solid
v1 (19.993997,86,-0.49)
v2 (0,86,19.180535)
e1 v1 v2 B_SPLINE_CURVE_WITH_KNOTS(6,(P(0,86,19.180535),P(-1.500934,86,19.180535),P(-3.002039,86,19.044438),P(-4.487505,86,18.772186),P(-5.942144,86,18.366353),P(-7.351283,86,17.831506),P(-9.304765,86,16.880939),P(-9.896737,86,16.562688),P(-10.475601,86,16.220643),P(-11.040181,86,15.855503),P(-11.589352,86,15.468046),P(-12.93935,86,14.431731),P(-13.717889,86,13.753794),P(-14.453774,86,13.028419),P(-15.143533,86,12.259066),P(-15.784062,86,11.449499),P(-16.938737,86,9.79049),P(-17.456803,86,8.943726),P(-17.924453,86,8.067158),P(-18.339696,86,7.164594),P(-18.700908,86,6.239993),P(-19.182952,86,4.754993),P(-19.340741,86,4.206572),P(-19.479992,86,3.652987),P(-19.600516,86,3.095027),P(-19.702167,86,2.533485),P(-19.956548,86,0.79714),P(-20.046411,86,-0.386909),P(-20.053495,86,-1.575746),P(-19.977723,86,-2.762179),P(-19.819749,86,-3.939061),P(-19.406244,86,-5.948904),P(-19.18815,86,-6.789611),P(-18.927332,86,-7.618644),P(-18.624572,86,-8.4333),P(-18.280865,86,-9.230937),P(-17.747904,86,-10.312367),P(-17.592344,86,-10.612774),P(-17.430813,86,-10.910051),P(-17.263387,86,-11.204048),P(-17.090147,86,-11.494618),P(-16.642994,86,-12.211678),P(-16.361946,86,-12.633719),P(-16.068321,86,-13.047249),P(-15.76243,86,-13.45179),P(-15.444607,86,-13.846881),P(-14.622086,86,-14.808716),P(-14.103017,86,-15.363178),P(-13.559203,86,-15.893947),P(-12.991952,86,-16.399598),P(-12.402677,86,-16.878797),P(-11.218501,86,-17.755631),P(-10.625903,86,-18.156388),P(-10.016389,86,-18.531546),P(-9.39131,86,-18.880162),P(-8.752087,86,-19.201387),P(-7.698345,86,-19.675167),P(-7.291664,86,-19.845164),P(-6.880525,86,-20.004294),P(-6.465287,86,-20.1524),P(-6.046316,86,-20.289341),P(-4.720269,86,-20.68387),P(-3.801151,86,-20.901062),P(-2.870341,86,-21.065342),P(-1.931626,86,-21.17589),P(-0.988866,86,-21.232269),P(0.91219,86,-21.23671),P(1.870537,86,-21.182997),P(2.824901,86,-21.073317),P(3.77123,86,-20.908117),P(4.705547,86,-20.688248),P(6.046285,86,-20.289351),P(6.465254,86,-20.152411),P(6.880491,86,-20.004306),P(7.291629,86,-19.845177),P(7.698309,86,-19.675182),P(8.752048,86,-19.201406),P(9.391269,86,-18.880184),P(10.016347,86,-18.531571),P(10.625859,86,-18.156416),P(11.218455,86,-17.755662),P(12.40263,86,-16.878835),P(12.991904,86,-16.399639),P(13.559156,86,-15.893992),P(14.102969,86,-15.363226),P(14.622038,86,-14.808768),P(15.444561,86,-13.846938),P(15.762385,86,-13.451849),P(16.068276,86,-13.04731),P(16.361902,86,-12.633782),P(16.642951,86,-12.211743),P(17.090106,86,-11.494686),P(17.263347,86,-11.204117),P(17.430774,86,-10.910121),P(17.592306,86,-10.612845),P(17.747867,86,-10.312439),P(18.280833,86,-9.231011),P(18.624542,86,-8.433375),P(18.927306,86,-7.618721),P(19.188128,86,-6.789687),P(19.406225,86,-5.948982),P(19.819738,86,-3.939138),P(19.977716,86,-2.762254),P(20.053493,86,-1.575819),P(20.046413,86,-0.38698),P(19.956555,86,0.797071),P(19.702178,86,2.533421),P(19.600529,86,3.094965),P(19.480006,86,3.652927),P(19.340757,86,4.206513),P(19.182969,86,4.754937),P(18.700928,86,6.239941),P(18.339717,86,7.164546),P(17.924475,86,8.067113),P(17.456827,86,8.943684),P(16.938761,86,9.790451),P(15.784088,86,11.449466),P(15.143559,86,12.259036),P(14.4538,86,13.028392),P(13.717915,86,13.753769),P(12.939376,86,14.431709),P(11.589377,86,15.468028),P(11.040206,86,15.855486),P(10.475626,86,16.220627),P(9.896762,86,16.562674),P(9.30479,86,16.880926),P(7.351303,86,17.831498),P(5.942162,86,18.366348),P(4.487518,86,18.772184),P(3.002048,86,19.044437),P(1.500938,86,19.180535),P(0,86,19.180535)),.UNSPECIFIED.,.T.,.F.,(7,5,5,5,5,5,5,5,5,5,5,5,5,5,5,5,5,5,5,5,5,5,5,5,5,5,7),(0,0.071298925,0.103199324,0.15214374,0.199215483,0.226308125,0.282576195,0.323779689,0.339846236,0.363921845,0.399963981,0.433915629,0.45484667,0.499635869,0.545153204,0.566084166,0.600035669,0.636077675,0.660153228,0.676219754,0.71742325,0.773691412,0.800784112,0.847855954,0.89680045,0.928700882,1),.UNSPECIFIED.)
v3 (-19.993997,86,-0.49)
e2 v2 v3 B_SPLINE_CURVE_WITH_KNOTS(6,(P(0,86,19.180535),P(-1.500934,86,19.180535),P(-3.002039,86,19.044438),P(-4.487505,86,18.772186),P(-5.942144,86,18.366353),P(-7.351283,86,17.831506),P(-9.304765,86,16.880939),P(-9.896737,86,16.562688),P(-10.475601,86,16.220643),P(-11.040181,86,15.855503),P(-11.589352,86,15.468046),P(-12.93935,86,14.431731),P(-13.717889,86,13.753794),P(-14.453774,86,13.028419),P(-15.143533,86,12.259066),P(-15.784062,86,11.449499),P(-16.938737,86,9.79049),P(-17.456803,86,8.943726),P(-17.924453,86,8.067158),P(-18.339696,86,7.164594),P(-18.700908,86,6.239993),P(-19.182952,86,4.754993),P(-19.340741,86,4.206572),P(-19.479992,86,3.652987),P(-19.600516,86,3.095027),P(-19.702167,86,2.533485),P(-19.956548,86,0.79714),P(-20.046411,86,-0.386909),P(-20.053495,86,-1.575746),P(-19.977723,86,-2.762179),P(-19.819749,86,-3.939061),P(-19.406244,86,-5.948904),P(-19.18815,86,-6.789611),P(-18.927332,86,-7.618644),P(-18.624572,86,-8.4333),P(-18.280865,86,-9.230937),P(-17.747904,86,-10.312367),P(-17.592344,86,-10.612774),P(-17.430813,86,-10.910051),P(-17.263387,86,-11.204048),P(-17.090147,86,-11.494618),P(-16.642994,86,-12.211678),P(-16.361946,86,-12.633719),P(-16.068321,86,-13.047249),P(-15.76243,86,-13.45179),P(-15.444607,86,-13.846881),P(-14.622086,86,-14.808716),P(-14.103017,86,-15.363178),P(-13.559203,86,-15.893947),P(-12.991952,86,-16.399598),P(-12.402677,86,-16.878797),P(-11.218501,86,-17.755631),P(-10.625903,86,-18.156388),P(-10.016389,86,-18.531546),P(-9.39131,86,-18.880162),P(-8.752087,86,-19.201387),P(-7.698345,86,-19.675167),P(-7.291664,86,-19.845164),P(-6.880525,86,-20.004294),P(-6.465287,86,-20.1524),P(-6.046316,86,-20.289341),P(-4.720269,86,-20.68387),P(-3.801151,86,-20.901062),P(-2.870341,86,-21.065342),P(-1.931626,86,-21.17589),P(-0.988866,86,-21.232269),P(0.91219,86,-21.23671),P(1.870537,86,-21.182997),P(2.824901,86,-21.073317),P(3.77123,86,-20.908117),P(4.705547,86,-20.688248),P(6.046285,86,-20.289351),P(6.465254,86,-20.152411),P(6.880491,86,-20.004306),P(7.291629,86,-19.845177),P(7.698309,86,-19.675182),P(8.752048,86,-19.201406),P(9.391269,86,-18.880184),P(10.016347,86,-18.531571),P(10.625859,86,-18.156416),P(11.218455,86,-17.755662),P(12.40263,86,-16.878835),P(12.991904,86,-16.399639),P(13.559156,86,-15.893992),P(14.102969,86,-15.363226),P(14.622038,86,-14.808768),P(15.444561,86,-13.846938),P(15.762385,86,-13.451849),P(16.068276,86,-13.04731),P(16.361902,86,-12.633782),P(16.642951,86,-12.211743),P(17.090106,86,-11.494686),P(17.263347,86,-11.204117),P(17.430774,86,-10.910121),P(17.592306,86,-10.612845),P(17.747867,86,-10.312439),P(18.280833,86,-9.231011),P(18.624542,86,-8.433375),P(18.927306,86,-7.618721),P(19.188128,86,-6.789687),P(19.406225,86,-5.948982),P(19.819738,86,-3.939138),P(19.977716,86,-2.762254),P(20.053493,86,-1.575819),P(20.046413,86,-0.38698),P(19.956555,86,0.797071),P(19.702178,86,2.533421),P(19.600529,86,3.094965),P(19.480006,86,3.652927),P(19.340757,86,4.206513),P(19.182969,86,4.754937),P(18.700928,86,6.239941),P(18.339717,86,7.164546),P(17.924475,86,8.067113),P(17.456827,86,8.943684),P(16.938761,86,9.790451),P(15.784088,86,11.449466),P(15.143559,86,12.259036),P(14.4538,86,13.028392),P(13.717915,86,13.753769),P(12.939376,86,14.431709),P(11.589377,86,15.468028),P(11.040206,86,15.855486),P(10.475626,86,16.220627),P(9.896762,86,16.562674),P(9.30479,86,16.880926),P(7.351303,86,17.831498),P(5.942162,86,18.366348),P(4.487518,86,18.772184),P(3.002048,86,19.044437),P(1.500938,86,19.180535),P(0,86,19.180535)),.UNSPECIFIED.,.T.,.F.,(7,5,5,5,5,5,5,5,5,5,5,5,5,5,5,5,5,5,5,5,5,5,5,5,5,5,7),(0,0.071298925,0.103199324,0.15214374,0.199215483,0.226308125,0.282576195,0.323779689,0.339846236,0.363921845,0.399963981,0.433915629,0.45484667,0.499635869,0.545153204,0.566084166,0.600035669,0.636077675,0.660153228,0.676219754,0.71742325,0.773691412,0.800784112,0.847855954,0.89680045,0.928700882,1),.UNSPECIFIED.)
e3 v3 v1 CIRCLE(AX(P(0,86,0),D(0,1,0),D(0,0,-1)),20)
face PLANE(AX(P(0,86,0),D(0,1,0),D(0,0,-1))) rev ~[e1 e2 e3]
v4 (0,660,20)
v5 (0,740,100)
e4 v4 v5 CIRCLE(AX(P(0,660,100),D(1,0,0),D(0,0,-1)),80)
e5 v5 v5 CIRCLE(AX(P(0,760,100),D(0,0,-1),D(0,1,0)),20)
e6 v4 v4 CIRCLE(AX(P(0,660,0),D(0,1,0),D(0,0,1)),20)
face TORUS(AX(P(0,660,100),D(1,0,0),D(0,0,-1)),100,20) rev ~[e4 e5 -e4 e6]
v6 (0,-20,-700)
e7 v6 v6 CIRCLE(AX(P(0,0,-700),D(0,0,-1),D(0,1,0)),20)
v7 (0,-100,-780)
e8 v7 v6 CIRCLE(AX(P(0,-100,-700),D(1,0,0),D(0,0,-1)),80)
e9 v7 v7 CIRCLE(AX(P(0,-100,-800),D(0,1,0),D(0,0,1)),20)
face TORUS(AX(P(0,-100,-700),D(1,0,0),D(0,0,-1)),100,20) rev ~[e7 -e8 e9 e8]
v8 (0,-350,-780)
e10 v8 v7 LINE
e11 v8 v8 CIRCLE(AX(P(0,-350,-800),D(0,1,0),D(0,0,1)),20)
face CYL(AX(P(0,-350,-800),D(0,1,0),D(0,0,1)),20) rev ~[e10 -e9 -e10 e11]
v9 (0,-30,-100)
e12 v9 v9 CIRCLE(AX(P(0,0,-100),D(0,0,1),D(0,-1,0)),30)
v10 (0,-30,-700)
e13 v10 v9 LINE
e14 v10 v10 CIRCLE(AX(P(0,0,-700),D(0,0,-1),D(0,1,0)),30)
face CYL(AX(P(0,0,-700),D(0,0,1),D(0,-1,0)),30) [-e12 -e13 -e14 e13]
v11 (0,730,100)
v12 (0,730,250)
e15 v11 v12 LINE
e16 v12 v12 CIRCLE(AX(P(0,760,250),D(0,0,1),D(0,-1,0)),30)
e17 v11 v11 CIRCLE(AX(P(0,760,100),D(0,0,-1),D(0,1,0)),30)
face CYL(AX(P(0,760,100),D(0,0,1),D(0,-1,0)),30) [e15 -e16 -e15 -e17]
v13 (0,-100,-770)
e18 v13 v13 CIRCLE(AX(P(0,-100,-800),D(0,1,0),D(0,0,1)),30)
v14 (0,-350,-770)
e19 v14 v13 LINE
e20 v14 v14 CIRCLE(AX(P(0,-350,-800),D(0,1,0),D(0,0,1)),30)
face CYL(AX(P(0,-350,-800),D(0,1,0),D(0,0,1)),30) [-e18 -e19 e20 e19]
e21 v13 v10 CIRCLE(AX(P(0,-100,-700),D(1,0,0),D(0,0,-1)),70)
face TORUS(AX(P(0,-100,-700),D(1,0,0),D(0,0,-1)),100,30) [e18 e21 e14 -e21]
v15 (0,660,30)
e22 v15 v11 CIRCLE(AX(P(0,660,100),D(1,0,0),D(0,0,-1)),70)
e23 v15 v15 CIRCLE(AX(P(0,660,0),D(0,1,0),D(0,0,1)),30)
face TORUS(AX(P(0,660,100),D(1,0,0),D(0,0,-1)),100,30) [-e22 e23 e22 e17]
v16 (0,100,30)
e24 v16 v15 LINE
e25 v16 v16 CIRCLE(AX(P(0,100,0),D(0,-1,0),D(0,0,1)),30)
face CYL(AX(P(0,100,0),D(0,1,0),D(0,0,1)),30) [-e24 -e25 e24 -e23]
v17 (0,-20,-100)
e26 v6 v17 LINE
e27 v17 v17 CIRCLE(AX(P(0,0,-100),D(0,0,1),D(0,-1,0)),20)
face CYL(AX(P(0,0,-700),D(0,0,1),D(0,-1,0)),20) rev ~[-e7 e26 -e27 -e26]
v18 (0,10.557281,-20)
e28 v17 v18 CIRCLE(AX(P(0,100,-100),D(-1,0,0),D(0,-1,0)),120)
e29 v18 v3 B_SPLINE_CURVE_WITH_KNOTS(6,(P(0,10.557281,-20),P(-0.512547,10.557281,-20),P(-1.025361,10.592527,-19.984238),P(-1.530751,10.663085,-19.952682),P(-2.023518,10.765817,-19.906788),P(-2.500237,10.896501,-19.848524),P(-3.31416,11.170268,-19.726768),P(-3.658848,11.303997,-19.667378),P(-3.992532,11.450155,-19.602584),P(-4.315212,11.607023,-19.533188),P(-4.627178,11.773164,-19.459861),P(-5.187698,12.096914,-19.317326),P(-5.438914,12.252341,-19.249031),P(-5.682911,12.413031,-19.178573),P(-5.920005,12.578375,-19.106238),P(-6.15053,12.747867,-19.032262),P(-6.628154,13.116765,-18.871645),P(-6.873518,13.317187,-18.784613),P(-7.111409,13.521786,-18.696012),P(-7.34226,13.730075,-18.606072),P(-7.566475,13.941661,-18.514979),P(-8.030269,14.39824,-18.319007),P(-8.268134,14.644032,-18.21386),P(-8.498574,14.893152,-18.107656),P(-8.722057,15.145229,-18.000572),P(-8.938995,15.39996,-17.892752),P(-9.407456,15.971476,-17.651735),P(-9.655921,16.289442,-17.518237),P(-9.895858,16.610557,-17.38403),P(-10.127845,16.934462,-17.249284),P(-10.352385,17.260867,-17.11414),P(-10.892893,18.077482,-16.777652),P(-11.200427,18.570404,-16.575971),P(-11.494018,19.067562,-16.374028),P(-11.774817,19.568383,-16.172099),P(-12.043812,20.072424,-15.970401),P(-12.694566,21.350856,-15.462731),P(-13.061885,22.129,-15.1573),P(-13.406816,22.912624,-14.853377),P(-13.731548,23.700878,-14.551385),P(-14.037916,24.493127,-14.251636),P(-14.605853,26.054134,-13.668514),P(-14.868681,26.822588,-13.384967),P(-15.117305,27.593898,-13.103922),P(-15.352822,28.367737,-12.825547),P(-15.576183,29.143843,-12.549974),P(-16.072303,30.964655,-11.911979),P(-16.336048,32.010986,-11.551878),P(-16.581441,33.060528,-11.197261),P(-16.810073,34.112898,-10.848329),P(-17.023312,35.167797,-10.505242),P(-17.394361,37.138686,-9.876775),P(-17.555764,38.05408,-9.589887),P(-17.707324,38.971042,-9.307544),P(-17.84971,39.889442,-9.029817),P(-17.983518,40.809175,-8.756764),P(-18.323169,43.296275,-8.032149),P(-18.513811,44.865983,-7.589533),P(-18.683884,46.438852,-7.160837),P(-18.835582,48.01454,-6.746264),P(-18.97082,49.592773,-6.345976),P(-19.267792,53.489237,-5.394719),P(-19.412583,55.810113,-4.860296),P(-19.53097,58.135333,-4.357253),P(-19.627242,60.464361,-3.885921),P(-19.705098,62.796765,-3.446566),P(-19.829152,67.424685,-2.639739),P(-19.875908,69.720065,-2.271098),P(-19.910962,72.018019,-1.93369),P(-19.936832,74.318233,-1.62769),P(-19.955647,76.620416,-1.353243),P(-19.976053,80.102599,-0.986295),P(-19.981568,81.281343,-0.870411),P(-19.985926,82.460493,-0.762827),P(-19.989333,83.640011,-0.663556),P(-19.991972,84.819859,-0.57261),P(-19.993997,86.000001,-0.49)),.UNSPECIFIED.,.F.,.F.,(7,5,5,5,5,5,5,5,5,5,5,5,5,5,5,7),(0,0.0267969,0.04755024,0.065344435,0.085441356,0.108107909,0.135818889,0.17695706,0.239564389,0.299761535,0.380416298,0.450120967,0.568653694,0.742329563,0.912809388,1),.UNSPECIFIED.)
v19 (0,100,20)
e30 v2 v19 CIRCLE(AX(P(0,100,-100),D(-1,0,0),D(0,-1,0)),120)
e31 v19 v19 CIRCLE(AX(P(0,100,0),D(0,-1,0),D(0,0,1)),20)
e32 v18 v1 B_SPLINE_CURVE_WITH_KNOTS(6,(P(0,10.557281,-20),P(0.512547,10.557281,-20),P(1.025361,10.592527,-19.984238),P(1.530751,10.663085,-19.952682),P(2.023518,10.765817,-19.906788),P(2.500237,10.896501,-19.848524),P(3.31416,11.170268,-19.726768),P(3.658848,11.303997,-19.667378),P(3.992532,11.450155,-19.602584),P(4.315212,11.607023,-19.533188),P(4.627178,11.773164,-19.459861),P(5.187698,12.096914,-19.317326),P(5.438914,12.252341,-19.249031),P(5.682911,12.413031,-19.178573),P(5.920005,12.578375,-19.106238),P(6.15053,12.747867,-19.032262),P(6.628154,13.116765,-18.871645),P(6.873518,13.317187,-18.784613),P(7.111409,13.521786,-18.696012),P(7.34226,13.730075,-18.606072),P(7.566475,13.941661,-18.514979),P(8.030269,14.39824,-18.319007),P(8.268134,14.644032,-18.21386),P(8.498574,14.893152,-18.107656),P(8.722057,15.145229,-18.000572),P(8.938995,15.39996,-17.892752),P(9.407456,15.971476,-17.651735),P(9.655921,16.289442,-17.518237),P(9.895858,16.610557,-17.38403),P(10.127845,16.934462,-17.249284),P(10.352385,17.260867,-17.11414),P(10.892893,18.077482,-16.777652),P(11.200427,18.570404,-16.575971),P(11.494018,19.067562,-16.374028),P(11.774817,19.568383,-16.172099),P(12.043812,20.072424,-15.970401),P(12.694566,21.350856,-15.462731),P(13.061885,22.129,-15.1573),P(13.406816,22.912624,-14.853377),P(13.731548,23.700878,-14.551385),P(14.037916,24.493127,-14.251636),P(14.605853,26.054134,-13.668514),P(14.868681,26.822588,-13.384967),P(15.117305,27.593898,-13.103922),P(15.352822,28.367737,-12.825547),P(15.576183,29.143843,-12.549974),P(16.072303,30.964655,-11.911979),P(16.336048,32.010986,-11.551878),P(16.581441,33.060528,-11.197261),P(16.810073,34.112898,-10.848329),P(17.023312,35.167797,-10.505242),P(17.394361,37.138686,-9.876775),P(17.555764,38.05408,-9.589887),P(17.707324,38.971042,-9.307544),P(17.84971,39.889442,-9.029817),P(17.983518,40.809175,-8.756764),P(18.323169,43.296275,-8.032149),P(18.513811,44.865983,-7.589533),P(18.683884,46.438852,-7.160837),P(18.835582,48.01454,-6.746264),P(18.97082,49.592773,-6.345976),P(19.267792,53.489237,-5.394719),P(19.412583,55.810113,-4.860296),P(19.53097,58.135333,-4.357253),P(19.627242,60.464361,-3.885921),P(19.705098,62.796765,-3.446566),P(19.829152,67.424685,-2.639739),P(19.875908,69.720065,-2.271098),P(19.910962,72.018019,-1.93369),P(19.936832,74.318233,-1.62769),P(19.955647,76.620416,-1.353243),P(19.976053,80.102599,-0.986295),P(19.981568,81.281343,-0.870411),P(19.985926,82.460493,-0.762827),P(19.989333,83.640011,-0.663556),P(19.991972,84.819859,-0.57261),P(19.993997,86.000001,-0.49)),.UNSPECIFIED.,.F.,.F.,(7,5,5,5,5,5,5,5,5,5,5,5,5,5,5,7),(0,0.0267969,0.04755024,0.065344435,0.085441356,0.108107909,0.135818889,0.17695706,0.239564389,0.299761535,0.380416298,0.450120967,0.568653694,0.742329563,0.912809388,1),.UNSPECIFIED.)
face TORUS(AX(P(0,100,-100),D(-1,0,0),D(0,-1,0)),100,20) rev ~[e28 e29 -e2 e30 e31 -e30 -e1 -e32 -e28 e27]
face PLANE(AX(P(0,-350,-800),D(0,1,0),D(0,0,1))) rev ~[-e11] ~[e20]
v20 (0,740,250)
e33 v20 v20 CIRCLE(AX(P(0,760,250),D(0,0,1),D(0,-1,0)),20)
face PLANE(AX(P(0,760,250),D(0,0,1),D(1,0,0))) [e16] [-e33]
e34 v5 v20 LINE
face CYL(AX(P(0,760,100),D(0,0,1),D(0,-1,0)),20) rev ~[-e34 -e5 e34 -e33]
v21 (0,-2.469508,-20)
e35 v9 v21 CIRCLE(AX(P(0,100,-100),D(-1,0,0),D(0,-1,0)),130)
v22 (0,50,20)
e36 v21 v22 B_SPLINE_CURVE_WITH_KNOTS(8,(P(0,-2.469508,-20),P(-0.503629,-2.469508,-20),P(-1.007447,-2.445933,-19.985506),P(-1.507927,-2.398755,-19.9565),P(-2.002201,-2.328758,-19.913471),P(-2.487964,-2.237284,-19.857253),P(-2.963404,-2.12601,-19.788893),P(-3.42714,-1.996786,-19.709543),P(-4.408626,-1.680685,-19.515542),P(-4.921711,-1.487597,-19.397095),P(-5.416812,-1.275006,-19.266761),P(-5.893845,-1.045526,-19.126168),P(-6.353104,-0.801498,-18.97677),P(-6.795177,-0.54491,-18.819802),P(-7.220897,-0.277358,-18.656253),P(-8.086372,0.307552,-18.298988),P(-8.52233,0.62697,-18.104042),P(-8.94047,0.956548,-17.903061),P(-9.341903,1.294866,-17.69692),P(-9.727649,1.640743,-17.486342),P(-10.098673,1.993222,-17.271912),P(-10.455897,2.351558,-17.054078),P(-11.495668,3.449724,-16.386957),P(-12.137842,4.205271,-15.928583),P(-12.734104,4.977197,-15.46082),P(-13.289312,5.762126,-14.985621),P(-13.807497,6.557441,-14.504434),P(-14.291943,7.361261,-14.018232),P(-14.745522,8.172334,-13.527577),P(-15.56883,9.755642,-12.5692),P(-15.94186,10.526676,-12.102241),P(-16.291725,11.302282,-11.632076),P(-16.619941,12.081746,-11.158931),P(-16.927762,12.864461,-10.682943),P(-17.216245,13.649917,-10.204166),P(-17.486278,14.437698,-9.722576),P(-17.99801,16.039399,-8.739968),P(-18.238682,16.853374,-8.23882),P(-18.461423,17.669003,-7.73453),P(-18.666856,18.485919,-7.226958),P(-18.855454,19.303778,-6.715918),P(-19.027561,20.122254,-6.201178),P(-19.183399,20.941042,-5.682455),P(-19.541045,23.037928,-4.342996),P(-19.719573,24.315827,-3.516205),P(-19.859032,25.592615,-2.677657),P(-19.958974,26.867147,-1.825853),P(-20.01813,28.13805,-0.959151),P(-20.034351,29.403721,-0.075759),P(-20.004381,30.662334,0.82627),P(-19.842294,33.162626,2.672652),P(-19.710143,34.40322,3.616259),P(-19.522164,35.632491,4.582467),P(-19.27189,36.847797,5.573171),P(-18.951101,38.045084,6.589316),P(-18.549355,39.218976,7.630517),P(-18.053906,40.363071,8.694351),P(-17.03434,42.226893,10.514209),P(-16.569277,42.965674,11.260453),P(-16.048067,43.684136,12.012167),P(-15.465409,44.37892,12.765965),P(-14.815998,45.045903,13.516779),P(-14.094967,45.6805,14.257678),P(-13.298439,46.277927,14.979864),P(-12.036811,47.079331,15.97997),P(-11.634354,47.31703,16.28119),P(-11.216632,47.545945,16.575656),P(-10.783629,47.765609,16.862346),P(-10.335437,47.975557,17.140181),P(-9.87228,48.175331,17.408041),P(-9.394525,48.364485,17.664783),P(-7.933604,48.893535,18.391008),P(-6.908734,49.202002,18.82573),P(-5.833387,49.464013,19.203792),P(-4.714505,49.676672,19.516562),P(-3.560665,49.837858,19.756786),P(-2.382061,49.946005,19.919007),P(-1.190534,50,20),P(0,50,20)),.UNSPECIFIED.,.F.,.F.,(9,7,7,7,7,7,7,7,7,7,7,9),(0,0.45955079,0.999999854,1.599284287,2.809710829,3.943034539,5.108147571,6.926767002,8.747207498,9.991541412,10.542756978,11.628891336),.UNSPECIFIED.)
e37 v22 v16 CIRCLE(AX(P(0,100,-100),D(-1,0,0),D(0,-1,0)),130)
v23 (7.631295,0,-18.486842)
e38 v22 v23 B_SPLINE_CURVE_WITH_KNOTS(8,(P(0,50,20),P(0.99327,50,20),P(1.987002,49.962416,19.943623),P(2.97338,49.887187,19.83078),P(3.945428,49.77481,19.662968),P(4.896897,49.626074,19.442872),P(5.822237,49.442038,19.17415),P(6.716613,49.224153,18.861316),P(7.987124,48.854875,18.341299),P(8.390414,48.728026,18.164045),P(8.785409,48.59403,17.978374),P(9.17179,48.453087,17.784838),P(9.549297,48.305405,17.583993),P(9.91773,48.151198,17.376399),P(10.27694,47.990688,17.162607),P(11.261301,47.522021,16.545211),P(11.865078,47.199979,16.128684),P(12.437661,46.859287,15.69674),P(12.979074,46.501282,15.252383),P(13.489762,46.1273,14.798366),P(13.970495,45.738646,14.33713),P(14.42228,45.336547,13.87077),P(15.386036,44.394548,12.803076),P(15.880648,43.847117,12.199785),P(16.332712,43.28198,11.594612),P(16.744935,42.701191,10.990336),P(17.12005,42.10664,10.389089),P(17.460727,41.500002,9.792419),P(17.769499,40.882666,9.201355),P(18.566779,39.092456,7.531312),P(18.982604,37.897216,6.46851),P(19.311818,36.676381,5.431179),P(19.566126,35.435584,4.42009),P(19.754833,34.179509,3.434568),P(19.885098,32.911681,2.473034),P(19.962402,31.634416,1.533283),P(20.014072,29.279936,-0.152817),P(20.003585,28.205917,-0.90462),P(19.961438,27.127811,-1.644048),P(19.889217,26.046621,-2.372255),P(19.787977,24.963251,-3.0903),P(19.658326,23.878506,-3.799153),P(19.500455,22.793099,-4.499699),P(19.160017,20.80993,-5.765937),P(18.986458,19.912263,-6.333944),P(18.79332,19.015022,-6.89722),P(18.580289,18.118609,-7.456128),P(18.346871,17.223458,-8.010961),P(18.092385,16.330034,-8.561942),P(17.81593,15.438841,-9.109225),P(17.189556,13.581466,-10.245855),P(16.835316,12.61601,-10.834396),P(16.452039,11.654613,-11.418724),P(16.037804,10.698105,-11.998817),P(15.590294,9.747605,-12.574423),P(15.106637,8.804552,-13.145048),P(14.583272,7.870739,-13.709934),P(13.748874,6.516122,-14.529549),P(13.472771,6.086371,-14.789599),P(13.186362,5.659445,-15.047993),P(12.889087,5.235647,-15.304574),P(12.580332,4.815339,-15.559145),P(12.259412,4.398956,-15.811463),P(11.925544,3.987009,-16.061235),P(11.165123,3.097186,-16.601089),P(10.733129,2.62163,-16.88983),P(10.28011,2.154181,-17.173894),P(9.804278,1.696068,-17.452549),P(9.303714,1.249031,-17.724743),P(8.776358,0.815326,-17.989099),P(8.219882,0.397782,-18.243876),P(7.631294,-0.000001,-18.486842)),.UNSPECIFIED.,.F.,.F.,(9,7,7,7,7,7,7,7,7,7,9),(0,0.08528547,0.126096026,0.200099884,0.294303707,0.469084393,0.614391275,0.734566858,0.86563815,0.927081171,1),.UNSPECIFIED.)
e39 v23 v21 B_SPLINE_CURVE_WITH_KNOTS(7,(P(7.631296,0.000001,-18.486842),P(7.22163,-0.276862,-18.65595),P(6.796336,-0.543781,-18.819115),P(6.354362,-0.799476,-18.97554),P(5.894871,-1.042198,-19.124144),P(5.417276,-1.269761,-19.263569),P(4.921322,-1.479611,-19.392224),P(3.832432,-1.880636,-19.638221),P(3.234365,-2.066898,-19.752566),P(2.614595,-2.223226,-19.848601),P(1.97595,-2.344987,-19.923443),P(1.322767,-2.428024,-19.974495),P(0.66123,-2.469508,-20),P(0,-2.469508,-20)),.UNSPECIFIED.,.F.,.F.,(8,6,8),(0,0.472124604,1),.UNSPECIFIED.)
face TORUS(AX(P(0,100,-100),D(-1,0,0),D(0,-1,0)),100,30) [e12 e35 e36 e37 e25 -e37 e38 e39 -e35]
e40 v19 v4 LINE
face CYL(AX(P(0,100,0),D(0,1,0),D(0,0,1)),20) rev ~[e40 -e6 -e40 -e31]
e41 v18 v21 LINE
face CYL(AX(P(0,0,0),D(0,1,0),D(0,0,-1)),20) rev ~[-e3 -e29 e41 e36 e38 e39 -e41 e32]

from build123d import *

# Parameters (mm, degrees)
SWEEP_THIN2_PROFILE_R   = 30
SWEEP_THIN2_PROFILE_R_2 = 20
CUT_EXTRUDE1_DEPTH      = 86
CUT_EXTRUDE1_DEPTH_BACK = 10
SKETCH25_R              = 20


with BuildPart() as part:
    # Sweep-Thin2: sweep along a path in Sketch1
    with BuildLine(Plane(origin=(0, 0, 0), x_dir=(0, 0, -1), z_dir=(1, 0, 0))) as sweep_thin2_path:
        Line((800, -350), (800, -100))
        ThreePointArc((800, -100), (770.710678119, -29.289321881), (700, 0))
        Line((700, 0), (100, 0))
        ThreePointArc((100, 0), (29.289321881, 29.289321881), (0, 100))
        Line((0, 100), (0, 660))
        ThreePointArc((0, 660), (-29.289321881, 730.710678119), (-100, 760))
        Line((-100, 760), (-250, 760))
    # Sweep-Thin2 profile (on start of the path) → Sweep-Thin2 (sweep)
    with BuildSketch(Plane(origin=(0, -350, -800), x_dir=(0, 0, 1), z_dir=(0, 1, 0))):
        Circle(SWEEP_THIN2_PROFILE_R)
        Circle(SWEEP_THIN2_PROFILE_R_2, mode=Mode.SUBTRACT)
    sweep(path=sweep_thin2_path.line)

    # Sketch25 → Cut-Extrude1 (cut, two sides: drawn at the far end of the back side and taken through both)
    with BuildSketch(Plane(origin=(0, 0, 0), x_dir=(1, 0, 0), z_dir=(0, 1, 0)).offset(-CUT_EXTRUDE1_DEPTH_BACK)):
        Circle(SKETCH25_R)
    extrude(amount=CUT_EXTRUDE1_DEPTH + CUT_EXTRUDE1_DEPTH_BACK, mode=Mode.SUBTRACT)


solid = part.part
